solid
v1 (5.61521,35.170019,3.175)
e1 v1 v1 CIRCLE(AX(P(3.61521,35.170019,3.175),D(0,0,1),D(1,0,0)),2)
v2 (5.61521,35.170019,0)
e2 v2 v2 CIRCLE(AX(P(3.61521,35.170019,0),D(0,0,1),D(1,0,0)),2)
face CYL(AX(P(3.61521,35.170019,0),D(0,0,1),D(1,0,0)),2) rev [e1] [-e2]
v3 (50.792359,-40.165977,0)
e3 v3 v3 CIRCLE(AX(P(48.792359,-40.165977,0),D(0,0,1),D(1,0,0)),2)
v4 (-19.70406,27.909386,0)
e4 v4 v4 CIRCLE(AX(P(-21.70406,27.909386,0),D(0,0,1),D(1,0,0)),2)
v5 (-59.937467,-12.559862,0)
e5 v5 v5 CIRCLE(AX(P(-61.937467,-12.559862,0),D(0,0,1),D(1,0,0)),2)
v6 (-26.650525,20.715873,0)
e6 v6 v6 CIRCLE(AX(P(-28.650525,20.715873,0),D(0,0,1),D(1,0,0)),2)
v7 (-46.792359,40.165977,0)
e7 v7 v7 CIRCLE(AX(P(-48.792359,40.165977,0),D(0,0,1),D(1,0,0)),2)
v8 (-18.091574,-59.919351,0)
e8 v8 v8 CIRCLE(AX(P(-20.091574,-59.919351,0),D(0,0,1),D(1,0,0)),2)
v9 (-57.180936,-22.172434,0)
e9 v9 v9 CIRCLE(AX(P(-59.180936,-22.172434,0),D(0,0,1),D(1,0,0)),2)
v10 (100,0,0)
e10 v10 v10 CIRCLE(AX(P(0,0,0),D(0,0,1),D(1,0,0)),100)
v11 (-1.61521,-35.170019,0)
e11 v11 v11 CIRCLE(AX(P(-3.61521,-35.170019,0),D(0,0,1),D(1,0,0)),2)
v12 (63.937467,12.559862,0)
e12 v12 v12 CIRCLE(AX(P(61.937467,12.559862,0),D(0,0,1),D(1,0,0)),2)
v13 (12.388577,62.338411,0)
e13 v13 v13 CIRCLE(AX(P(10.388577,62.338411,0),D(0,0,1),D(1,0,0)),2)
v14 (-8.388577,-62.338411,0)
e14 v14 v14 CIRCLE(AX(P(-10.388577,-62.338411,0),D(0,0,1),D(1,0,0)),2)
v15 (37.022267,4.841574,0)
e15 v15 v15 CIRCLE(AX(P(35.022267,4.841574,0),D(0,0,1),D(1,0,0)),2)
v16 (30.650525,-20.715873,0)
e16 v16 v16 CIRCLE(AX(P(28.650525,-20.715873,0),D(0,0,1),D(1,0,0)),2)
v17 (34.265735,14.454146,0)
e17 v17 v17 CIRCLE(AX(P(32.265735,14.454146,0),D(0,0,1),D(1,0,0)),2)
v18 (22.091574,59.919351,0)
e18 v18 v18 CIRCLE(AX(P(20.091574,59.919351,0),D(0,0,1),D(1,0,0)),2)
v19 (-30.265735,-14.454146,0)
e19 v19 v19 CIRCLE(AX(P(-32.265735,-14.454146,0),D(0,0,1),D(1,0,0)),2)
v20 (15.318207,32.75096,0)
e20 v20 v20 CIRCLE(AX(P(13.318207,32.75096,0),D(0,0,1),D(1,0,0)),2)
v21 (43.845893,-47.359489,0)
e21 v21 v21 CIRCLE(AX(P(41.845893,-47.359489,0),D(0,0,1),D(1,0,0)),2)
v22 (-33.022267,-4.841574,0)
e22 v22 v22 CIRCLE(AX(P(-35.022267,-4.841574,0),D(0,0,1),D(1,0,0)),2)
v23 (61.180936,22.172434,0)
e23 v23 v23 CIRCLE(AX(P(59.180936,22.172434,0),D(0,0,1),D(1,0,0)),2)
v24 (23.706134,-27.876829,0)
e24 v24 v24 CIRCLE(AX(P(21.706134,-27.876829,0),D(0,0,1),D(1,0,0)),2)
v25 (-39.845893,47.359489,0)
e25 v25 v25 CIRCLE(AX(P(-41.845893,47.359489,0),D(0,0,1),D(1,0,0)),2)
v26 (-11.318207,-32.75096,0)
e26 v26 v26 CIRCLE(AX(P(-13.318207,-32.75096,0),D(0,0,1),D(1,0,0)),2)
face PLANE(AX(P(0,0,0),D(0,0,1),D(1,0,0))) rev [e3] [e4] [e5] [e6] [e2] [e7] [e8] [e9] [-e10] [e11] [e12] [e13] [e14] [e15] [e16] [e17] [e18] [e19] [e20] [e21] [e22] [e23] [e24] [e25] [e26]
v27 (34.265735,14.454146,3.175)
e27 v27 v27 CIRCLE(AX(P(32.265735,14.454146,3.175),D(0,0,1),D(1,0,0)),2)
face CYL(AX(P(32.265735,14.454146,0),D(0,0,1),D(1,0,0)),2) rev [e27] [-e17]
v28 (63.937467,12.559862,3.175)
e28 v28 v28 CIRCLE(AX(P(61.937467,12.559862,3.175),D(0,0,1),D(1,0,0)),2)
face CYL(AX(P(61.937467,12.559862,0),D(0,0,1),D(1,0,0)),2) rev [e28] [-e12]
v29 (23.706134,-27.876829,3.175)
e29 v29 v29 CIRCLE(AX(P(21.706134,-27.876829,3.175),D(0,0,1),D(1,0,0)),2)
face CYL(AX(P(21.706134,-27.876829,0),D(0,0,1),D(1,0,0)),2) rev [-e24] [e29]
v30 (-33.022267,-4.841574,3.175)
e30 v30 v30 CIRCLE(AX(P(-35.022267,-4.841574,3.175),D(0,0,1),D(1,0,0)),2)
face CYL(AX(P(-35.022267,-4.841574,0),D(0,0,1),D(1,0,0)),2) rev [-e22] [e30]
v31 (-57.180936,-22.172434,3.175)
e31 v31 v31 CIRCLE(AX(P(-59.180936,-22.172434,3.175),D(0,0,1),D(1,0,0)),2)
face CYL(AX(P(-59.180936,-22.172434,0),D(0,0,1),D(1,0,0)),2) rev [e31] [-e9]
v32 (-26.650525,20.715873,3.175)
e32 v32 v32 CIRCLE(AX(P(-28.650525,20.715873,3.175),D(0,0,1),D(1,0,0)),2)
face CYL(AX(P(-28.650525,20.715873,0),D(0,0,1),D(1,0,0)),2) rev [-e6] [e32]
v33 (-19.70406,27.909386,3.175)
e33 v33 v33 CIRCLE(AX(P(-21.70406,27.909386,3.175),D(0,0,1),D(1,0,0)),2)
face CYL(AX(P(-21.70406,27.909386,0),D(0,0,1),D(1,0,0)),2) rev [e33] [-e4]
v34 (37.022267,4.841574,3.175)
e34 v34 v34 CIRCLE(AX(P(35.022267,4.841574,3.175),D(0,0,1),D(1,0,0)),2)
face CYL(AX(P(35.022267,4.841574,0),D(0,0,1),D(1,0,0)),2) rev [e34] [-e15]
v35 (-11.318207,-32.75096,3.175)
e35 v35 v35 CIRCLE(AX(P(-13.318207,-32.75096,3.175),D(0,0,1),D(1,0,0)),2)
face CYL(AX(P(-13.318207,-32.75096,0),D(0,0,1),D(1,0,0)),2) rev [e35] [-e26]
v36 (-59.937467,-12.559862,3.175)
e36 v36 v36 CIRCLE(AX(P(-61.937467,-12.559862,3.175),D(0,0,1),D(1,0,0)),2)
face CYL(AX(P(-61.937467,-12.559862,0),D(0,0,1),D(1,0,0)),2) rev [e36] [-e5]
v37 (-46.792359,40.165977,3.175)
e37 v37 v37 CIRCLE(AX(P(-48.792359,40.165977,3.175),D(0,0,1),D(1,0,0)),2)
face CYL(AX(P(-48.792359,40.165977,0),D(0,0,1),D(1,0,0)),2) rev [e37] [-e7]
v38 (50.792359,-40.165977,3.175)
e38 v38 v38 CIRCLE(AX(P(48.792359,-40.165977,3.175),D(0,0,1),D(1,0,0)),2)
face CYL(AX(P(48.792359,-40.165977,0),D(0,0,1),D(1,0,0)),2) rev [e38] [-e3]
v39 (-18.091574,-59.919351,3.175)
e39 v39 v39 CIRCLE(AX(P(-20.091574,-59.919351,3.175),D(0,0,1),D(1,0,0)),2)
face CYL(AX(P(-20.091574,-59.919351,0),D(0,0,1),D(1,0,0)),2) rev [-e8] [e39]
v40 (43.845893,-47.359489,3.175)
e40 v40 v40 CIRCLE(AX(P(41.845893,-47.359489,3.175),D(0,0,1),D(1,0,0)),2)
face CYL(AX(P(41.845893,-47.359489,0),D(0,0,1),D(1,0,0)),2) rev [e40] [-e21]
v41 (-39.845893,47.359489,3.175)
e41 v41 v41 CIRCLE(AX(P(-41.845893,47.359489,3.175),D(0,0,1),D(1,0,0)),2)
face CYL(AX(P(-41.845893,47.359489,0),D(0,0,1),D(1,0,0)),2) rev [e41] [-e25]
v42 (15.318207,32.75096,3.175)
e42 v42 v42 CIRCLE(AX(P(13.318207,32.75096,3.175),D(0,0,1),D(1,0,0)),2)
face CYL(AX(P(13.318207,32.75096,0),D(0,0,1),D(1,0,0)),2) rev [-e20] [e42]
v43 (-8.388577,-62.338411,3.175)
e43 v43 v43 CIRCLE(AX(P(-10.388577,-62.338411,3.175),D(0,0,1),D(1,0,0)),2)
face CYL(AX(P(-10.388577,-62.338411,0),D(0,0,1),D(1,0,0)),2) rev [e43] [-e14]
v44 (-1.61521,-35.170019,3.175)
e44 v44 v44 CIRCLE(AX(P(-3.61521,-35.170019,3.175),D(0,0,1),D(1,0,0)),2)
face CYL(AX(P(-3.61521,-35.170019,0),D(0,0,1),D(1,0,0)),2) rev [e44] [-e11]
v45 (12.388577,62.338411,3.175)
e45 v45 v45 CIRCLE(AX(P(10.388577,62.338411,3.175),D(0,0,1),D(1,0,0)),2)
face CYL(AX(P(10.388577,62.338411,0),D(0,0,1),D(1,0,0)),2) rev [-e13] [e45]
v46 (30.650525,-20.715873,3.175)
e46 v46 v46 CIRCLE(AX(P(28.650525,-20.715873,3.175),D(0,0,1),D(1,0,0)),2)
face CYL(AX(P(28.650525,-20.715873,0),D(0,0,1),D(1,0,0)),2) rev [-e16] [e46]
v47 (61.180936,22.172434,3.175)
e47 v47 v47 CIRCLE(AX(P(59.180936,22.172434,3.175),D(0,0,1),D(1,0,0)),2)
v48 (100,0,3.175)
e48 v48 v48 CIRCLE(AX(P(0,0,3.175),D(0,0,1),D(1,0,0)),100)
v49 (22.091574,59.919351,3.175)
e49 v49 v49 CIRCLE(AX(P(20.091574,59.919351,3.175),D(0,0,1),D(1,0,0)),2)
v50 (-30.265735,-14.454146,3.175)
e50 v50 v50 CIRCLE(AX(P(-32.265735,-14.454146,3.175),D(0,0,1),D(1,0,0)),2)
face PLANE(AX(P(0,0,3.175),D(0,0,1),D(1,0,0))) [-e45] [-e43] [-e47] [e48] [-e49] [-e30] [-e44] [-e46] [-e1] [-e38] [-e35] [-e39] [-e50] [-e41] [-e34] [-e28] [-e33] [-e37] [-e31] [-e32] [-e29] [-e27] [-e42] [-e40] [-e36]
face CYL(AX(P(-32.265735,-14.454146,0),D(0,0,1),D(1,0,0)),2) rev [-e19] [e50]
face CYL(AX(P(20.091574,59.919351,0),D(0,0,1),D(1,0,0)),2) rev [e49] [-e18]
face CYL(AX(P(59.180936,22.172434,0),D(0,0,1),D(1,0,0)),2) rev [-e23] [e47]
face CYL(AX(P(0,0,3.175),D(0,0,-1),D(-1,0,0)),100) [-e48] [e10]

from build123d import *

# Parameters (mm, degrees)
SKETCH1_R           = 100
BOSS_EXTRUDE1_DEPTH = 3.175
SKETCH6_R           = 2
CUT_EXTRUDE1_DEPTH  = 142.456992139


with BuildPart() as part:
    # Sketch1 → Boss-Extrude1 (new body)
    with BuildSketch(Plane.XY):
        Circle(SKETCH1_R)
    extrude(amount=BOSS_EXTRUDE1_DEPTH)

    # Sketch6 → Cut-Extrude1 (cut, through all)
    with BuildSketch(Plane.XY.offset(3.175)):
        with Locations((61.93746735, 12.559862193)):
            Circle(SKETCH6_R)
        with Locations((59.180935915, 22.17243388)):
            Circle(SKETCH6_R)
        with Locations((35.022266624, 4.841574176)):
            Circle(SKETCH6_R)
        with Locations((32.26573519, 14.454145864)):
            Circle(SKETCH6_R)
        with Locations((13.318207081, 32.750959683)):
            Circle(SKETCH6_R)
        with Locations((3.615210086, 35.170019278)):
            Circle(SKETCH6_R)
        with Locations((20.091573948, 59.919351267)):
            Circle(SKETCH6_R)
        with Locations((10.388576953, 62.338410863)):
            Circle(SKETCH6_R)
        with Locations((-21.704059543, 27.909385506)):
            Circle(SKETCH6_R)
        with Locations((-28.650525103, 20.715873414)):
            Circle(SKETCH6_R)
        with Locations((-41.845893402, 47.359489075)):
            Circle(SKETCH6_R)
        with Locations((-48.792358962, 40.165976982)):
            Circle(SKETCH6_R)
        with Locations((-35.022266624, -4.841574176)):
            Circle(SKETCH6_R)
        with Locations((-32.26573519, -14.454145864)):
            Circle(SKETCH6_R)
        with Locations((-61.93746735, -12.559862193)):
            Circle(SKETCH6_R)
        with Locations((-59.180935915, -22.17243388)):
            Circle(SKETCH6_R)
        with Locations((-3.615210086, -35.170019278)):
            Circle(SKETCH6_R)
        with Locations((-13.318207081, -32.750959683)):
            Circle(SKETCH6_R)
        with Locations((-10.388576953, -62.338410863)):
            Circle(SKETCH6_R)
        with Locations((-20.091573948, -59.919351267)):
            Circle(SKETCH6_R)
        with Locations((28.650525103, -20.715873414)):
            Circle(SKETCH6_R)
        with Locations((48.792358962, -40.165976982)):
            Circle(SKETCH6_R)
        with Locations((41.845893402, -47.359489075)):
            Circle(SKETCH6_R)
        with Locations((21.706133595, -27.876828536)):
            Circle(SKETCH6_R)
    extrude(amount=-CUT_EXTRUDE1_DEPTH, mode=Mode.SUBTRACT)


solid = part.part
